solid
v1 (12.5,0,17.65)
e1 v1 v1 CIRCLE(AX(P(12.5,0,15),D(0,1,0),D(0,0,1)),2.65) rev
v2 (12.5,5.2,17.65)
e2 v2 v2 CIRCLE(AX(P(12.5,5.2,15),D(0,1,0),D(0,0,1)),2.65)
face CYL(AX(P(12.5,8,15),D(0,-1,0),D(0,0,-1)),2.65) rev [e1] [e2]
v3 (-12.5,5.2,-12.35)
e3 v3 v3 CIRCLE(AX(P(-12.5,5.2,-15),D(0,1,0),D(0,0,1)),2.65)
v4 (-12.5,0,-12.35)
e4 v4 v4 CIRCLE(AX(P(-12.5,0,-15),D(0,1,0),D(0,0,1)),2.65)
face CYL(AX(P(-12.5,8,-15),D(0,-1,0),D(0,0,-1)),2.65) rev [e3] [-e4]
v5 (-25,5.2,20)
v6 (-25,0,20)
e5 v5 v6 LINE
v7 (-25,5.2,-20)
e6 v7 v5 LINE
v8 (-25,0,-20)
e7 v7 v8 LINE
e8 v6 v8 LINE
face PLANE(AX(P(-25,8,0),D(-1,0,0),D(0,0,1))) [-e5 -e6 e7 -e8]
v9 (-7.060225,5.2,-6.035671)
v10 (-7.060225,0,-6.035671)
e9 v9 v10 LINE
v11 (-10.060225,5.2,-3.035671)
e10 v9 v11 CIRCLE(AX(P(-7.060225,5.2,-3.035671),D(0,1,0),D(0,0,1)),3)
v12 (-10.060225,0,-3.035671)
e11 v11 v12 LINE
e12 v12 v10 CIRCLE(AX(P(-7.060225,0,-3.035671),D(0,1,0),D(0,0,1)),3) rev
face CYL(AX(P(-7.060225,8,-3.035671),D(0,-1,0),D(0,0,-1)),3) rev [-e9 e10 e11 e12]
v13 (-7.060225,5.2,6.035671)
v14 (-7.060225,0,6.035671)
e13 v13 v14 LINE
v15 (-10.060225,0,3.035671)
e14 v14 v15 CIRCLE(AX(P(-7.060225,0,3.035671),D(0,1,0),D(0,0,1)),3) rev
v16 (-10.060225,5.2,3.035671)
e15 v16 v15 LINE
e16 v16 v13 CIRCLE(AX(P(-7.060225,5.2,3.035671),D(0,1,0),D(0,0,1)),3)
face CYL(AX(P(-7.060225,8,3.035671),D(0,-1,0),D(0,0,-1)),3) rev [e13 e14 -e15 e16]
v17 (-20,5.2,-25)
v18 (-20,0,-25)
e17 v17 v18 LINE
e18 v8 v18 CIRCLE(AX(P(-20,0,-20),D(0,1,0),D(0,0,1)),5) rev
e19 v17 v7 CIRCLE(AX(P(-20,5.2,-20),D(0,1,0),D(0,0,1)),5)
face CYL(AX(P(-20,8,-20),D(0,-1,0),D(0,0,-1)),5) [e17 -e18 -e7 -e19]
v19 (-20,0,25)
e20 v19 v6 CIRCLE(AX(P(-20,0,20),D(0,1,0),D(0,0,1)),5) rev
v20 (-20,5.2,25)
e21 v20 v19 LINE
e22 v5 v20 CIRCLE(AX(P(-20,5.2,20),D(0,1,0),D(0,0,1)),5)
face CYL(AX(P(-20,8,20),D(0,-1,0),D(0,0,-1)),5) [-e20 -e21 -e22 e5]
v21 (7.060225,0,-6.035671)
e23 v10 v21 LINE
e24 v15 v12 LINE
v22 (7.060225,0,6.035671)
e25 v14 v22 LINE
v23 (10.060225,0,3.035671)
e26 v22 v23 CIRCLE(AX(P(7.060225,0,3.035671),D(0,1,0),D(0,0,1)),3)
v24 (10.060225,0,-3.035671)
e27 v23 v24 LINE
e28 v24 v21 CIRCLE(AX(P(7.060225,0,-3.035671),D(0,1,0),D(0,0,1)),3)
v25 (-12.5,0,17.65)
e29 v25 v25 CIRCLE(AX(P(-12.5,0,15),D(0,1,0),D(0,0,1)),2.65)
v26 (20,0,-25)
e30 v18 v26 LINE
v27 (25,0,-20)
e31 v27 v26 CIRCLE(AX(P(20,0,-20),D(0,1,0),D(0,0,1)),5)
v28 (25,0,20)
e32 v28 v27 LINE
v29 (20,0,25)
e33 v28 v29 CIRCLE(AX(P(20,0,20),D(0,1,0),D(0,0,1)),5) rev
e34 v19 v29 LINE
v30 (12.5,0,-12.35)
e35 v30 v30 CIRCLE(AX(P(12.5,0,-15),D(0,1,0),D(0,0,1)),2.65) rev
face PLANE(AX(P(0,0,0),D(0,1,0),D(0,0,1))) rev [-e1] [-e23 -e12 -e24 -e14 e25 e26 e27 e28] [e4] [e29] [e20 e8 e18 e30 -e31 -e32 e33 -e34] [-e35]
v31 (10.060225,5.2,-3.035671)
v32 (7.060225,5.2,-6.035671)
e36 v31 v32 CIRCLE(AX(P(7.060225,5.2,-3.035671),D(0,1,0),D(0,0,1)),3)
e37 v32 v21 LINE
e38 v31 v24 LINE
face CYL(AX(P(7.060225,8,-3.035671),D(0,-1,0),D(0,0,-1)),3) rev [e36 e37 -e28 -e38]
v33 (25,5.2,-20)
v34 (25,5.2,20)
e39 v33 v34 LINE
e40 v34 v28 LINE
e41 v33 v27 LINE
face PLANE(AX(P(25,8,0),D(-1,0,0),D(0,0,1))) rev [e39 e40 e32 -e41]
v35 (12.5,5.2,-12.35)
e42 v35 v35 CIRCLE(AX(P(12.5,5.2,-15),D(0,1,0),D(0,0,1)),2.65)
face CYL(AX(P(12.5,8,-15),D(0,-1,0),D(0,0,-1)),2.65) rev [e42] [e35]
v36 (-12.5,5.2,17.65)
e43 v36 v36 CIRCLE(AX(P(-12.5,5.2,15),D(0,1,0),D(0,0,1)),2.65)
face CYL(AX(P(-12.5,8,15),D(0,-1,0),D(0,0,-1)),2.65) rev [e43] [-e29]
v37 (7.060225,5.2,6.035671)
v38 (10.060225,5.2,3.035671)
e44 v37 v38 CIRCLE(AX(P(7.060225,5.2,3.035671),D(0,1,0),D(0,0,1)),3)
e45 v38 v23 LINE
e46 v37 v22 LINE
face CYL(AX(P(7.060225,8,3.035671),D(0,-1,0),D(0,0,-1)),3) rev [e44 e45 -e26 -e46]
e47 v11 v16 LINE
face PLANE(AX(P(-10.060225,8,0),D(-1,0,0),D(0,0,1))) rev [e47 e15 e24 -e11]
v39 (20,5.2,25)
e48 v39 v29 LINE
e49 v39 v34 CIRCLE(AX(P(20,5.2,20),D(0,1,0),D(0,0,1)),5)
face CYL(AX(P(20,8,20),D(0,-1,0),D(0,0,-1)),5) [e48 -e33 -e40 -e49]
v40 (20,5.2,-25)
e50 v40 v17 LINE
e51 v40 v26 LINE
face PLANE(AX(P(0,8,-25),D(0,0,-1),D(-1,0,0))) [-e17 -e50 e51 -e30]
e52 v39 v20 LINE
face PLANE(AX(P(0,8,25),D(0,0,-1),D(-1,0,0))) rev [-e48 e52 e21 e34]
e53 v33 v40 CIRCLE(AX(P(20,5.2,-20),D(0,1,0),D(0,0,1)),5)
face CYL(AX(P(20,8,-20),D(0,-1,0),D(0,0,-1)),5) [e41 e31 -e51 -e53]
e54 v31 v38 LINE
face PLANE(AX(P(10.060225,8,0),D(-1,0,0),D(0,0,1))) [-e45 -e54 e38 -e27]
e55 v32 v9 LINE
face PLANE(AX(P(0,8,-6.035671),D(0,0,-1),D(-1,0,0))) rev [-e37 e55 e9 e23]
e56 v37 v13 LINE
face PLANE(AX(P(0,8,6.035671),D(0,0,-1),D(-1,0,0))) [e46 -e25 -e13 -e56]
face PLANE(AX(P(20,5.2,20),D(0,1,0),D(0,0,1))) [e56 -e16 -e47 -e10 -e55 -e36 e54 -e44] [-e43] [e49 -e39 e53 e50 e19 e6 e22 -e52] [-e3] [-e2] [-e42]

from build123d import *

# Parameters (mm, degrees)
CROQUIS1_R              = 2.65
SALIENTE_EXTRUIR2_DEPTH = 8
CORTAR_EXTRUIR1_START   = 8
CROQUIS1_4_R            = 2.65
CORTAR_EXTRUIR1_DEPTH   = 2.8


with BuildPart() as part:
    # Croquis1 → Saliente-Extruir2 (new body)
    with BuildSketch(Plane(origin=(0, 0, 0), x_dir=(1, 0, 0), z_dir=(0, 1, 0))):
        with BuildLine():
            Line((-20, -25), (20, -25))
            ThreePointArc((20, -25), (23.535533906, -23.535533906), (25, -20))
            Line((25, -20), (25, 20))
            ThreePointArc((25, 20), (23.535533906, 23.535533906), (20, 25))
            Line((20, 25), (-20, 25))
            ThreePointArc((-20, 25), (-23.535533906, 23.535533906), (-25, 20))
            Line((-25, 20), (-25, -20))
            ThreePointArc((-25, -20), (-23.535533906, -23.535533906), (-20, -25))
        make_face()
        with Locations((-12.5, -15)):
            Circle(CROQUIS1_R, mode=Mode.SUBTRACT)
        with Locations((-12.5, 15)):
            Circle(CROQUIS1_R, mode=Mode.SUBTRACT)
        with Locations((12.5, -15)):
            Circle(CROQUIS1_R, mode=Mode.SUBTRACT)
        with Locations((12.5, 15)):
            Circle(CROQUIS1_R, mode=Mode.SUBTRACT)
        with BuildLine():
            Line((-7.060224725, -6.03567091), (7.060224725, -6.03567091))
            ThreePointArc((7.060224725, -6.03567091), (9.181545068, -5.156991253), (10.060224725, -3.03567091))
            Line((10.060224725, -3.03567091), (10.060224725, 3.03567091))
            ThreePointArc((10.060224725, 3.03567091), (9.181545068, 5.156991253), (7.060224725, 6.03567091))
            Line((7.060224725, 6.03567091), (-7.060224725, 6.03567091))
            ThreePointArc((-7.060224725, 6.03567091), (-9.181545068, 5.156991253), (-10.060224725, 3.03567091))
            Line((-10.060224725, 3.03567091), (-10.060224725, -3.03567091))
            ThreePointArc((-10.060224725, -3.03567091), (-9.181545068, -5.156991253), (-7.060224725, -6.03567091))
        make_face(mode=Mode.SUBTRACT)
    extrude(amount=SALIENTE_EXTRUIR2_DEPTH)

    # Croquis1<4> → Cortar-Extruir1 (cut)
    with BuildSketch(Plane(origin=(0, 0, 0), x_dir=(1, 0, 0), z_dir=(0, 1, 0)).offset(CORTAR_EXTRUIR1_START)):
        with BuildLine():
            Line((-20, -25), (20, -25))
            ThreePointArc((20, -25), (23.535533906, -23.535533906), (25, -20))
            Line((25, -20), (25, 20))
            ThreePointArc((25, 20), (23.535533906, 23.535533906), (20, 25))
            Line((20, 25), (-20, 25))
            ThreePointArc((-20, 25), (-23.535533906, 23.535533906), (-25, 20))
            Line((-25, 20), (-25, -20))
            ThreePointArc((-25, -20), (-23.535533906, -23.535533906), (-20, -25))
        make_face()
        with Locations((-12.5, -15)):
            Circle(CROQUIS1_4_R, mode=Mode.SUBTRACT)
        with Locations((-12.5, 15)):
            Circle(CROQUIS1_4_R, mode=Mode.SUBTRACT)
        with Locations((12.5, -15)):
            Circle(CROQUIS1_4_R, mode=Mode.SUBTRACT)
        with Locations((12.5, 15)):
            Circle(CROQUIS1_4_R, mode=Mode.SUBTRACT)
        with BuildLine():
            Line((-7.060224725, -6.03567091), (7.060224725, -6.03567091))
            ThreePointArc((7.060224725, -6.03567091), (9.181545068, -5.156991253), (10.060224725, -3.03567091))
            Line((10.060224725, -3.03567091), (10.060224725, 3.03567091))
            ThreePointArc((10.060224725, 3.03567091), (9.181545068, 5.156991253), (7.060224725, 6.03567091))
            Line((7.060224725, 6.03567091), (-7.060224725, 6.03567091))
            ThreePointArc((-7.060224725, 6.03567091), (-9.181545068, 5.156991253), (-10.060224725, 3.03567091))
            Line((-10.060224725, 3.03567091), (-10.060224725, -3.03567091))
            ThreePointArc((-10.060224725, -3.03567091), (-9.181545068, -5.156991253), (-7.060224725, -6.03567091))
        make_face(mode=Mode.SUBTRACT)
    extrude(amount=-CORTAR_EXTRUIR1_DEPTH, mode=Mode.SUBTRACT)


solid = part.part
